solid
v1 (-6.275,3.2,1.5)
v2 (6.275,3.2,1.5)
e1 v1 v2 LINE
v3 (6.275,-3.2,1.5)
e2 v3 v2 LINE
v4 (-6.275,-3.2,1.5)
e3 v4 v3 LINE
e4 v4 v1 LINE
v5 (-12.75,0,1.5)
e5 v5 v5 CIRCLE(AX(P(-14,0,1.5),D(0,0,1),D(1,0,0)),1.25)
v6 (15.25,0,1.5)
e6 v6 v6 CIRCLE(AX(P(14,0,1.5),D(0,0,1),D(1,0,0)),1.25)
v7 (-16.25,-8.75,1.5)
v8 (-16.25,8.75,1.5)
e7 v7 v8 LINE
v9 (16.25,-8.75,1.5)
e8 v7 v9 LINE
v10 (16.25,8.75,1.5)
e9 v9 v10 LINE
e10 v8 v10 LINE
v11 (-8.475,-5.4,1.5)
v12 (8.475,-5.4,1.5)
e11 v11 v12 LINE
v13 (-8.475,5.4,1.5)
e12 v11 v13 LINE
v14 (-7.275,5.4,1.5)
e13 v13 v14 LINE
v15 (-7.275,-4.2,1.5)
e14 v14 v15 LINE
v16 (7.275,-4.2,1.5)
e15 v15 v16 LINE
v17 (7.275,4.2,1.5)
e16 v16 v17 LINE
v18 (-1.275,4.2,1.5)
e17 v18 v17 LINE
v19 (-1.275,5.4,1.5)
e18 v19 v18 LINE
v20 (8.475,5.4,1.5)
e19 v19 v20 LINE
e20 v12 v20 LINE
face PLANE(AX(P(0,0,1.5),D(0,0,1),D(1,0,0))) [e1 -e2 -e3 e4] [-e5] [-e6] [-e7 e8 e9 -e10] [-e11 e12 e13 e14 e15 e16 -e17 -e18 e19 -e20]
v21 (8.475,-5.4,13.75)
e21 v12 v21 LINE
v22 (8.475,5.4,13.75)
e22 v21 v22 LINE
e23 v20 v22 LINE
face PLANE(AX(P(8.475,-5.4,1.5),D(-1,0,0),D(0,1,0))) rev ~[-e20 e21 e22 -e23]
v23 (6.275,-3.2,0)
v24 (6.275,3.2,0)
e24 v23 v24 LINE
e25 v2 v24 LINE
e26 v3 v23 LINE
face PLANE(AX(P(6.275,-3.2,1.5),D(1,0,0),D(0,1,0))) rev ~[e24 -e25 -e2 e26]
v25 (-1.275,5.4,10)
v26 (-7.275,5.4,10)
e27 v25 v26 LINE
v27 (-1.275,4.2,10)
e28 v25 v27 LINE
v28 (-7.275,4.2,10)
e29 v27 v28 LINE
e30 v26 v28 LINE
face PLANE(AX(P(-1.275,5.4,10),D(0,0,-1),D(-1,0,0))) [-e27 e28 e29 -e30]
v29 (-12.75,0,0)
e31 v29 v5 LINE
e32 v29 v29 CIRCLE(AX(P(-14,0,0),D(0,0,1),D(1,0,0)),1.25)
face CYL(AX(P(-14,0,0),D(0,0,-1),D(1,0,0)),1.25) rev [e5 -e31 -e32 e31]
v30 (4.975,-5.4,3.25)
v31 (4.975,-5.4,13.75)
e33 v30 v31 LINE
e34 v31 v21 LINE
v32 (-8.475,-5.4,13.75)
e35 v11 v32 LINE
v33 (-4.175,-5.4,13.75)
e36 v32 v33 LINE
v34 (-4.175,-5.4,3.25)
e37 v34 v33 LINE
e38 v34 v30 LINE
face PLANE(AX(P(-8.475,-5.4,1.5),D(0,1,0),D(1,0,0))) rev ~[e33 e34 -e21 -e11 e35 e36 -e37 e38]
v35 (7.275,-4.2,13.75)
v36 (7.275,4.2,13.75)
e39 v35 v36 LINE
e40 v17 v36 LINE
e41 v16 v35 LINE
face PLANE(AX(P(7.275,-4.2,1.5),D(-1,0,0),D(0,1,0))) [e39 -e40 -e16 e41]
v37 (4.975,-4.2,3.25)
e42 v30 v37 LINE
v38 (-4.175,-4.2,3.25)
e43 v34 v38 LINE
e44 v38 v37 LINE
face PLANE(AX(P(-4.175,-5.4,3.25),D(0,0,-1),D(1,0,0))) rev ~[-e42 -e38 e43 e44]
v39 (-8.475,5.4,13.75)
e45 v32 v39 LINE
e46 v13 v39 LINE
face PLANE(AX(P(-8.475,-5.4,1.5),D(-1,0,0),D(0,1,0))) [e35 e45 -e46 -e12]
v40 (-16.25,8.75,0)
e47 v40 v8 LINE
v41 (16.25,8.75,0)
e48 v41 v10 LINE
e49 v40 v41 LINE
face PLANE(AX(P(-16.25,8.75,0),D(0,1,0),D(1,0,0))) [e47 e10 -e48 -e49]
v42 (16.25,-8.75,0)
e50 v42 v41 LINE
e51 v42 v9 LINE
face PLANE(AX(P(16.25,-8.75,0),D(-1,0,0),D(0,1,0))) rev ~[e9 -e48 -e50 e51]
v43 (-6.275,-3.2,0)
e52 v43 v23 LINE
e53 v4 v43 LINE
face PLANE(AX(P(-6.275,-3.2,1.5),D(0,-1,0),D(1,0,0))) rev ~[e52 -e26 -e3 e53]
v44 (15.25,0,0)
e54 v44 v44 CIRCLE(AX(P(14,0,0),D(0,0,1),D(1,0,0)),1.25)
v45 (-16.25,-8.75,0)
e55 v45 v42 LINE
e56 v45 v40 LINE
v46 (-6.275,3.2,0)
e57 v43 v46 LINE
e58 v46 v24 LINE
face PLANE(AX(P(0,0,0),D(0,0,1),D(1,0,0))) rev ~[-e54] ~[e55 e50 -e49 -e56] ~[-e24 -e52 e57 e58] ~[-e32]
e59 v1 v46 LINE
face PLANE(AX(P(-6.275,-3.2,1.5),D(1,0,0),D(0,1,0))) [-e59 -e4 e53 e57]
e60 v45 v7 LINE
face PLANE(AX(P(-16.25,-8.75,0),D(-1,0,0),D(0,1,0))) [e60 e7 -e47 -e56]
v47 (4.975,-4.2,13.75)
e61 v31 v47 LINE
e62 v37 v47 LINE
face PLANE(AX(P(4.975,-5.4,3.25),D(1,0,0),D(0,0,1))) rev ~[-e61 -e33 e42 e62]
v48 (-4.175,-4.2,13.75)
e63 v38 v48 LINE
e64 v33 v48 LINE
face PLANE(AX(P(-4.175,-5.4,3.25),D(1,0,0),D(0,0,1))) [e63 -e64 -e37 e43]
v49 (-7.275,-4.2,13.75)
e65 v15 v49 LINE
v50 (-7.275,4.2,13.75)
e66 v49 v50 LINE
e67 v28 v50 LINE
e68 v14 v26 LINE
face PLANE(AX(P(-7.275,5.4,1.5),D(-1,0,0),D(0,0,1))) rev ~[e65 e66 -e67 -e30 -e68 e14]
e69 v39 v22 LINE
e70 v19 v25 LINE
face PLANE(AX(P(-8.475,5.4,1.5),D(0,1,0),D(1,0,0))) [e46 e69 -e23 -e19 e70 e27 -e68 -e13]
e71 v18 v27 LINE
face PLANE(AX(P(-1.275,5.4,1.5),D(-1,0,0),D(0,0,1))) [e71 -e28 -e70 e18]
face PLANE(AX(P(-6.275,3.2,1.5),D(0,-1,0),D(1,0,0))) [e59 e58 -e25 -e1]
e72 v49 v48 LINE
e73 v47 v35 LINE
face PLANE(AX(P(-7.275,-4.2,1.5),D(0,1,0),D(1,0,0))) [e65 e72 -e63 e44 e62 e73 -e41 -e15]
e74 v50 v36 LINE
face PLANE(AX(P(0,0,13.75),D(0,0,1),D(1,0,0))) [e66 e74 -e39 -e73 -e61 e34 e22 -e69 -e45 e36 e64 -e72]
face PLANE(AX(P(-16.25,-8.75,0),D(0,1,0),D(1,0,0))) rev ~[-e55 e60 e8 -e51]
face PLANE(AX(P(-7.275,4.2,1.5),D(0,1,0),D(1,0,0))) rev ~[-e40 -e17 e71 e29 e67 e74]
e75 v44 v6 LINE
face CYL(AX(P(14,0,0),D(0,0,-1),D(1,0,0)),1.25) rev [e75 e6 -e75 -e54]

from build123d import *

# Parameters (mm, degrees)
F0_W     = 32.5
F0_H     = 17.5
F0_R     = 1.25
F1_DEPTH = 1.5
F2_W     = 16.95
F2_H     = 10.8
F2_W_2   = 14.55
F2_H_2   = 8.4
F3_DEPTH = 12.25
F4_W     = 9.15
F4_H     = 10.5
F5_DEPTH = 1.2
F6_W     = 6
F6_H     = 8.5
F7_DEPTH = 1.2
F8_W     = 12.55
F8_H     = 6.4
F9_DEPTH = 25


with BuildPart() as f1:
    # F0 (on Top) → F1 (new body)
    with BuildSketch(Plane.XY):
        Rectangle(F0_W, F0_H)
        with Locations((-14, 0)):
            Circle(F0_R, mode=Mode.SUBTRACT)
        with Locations((14, 0)):
            Circle(F0_R, mode=Mode.SUBTRACT)
    extrude(amount=F1_DEPTH)

    # F2 (on face) → F3 (join)
    with BuildSketch(Plane.XY.offset(1.5)):
        Rectangle(F2_W, F2_H)
        Rectangle(F2_W_2, F2_H_2, mode=Mode.SUBTRACT)
    extrude(amount=F3_DEPTH)

    # F4 (on face) → F5 (cut, through all)
    with BuildSketch(Plane.XZ.offset(5.4)):
        with Locations((0.4, 8.5)):
            Rectangle(F4_W, F4_H)
    extrude(amount=-F5_DEPTH, mode=Mode.SUBTRACT)

    # F6 (on face) → F7 (cut, through all)
    with BuildSketch(Plane(origin=(0, 5.4, 0), x_dir=(-1, 0, 0), z_dir=(0, 1, 0))):
        with Locations((4.275, 5.75)):
            Rectangle(F6_W, F6_H)
    extrude(amount=-F7_DEPTH, mode=Mode.SUBTRACT)

    # F8 (on face) → F9 (cut)
    with BuildSketch(Plane.XY.offset(1.5)):
        Rectangle(F8_W, F8_H)
    extrude(amount=-F9_DEPTH, mode=Mode.SUBTRACT)


solid = f1.part
